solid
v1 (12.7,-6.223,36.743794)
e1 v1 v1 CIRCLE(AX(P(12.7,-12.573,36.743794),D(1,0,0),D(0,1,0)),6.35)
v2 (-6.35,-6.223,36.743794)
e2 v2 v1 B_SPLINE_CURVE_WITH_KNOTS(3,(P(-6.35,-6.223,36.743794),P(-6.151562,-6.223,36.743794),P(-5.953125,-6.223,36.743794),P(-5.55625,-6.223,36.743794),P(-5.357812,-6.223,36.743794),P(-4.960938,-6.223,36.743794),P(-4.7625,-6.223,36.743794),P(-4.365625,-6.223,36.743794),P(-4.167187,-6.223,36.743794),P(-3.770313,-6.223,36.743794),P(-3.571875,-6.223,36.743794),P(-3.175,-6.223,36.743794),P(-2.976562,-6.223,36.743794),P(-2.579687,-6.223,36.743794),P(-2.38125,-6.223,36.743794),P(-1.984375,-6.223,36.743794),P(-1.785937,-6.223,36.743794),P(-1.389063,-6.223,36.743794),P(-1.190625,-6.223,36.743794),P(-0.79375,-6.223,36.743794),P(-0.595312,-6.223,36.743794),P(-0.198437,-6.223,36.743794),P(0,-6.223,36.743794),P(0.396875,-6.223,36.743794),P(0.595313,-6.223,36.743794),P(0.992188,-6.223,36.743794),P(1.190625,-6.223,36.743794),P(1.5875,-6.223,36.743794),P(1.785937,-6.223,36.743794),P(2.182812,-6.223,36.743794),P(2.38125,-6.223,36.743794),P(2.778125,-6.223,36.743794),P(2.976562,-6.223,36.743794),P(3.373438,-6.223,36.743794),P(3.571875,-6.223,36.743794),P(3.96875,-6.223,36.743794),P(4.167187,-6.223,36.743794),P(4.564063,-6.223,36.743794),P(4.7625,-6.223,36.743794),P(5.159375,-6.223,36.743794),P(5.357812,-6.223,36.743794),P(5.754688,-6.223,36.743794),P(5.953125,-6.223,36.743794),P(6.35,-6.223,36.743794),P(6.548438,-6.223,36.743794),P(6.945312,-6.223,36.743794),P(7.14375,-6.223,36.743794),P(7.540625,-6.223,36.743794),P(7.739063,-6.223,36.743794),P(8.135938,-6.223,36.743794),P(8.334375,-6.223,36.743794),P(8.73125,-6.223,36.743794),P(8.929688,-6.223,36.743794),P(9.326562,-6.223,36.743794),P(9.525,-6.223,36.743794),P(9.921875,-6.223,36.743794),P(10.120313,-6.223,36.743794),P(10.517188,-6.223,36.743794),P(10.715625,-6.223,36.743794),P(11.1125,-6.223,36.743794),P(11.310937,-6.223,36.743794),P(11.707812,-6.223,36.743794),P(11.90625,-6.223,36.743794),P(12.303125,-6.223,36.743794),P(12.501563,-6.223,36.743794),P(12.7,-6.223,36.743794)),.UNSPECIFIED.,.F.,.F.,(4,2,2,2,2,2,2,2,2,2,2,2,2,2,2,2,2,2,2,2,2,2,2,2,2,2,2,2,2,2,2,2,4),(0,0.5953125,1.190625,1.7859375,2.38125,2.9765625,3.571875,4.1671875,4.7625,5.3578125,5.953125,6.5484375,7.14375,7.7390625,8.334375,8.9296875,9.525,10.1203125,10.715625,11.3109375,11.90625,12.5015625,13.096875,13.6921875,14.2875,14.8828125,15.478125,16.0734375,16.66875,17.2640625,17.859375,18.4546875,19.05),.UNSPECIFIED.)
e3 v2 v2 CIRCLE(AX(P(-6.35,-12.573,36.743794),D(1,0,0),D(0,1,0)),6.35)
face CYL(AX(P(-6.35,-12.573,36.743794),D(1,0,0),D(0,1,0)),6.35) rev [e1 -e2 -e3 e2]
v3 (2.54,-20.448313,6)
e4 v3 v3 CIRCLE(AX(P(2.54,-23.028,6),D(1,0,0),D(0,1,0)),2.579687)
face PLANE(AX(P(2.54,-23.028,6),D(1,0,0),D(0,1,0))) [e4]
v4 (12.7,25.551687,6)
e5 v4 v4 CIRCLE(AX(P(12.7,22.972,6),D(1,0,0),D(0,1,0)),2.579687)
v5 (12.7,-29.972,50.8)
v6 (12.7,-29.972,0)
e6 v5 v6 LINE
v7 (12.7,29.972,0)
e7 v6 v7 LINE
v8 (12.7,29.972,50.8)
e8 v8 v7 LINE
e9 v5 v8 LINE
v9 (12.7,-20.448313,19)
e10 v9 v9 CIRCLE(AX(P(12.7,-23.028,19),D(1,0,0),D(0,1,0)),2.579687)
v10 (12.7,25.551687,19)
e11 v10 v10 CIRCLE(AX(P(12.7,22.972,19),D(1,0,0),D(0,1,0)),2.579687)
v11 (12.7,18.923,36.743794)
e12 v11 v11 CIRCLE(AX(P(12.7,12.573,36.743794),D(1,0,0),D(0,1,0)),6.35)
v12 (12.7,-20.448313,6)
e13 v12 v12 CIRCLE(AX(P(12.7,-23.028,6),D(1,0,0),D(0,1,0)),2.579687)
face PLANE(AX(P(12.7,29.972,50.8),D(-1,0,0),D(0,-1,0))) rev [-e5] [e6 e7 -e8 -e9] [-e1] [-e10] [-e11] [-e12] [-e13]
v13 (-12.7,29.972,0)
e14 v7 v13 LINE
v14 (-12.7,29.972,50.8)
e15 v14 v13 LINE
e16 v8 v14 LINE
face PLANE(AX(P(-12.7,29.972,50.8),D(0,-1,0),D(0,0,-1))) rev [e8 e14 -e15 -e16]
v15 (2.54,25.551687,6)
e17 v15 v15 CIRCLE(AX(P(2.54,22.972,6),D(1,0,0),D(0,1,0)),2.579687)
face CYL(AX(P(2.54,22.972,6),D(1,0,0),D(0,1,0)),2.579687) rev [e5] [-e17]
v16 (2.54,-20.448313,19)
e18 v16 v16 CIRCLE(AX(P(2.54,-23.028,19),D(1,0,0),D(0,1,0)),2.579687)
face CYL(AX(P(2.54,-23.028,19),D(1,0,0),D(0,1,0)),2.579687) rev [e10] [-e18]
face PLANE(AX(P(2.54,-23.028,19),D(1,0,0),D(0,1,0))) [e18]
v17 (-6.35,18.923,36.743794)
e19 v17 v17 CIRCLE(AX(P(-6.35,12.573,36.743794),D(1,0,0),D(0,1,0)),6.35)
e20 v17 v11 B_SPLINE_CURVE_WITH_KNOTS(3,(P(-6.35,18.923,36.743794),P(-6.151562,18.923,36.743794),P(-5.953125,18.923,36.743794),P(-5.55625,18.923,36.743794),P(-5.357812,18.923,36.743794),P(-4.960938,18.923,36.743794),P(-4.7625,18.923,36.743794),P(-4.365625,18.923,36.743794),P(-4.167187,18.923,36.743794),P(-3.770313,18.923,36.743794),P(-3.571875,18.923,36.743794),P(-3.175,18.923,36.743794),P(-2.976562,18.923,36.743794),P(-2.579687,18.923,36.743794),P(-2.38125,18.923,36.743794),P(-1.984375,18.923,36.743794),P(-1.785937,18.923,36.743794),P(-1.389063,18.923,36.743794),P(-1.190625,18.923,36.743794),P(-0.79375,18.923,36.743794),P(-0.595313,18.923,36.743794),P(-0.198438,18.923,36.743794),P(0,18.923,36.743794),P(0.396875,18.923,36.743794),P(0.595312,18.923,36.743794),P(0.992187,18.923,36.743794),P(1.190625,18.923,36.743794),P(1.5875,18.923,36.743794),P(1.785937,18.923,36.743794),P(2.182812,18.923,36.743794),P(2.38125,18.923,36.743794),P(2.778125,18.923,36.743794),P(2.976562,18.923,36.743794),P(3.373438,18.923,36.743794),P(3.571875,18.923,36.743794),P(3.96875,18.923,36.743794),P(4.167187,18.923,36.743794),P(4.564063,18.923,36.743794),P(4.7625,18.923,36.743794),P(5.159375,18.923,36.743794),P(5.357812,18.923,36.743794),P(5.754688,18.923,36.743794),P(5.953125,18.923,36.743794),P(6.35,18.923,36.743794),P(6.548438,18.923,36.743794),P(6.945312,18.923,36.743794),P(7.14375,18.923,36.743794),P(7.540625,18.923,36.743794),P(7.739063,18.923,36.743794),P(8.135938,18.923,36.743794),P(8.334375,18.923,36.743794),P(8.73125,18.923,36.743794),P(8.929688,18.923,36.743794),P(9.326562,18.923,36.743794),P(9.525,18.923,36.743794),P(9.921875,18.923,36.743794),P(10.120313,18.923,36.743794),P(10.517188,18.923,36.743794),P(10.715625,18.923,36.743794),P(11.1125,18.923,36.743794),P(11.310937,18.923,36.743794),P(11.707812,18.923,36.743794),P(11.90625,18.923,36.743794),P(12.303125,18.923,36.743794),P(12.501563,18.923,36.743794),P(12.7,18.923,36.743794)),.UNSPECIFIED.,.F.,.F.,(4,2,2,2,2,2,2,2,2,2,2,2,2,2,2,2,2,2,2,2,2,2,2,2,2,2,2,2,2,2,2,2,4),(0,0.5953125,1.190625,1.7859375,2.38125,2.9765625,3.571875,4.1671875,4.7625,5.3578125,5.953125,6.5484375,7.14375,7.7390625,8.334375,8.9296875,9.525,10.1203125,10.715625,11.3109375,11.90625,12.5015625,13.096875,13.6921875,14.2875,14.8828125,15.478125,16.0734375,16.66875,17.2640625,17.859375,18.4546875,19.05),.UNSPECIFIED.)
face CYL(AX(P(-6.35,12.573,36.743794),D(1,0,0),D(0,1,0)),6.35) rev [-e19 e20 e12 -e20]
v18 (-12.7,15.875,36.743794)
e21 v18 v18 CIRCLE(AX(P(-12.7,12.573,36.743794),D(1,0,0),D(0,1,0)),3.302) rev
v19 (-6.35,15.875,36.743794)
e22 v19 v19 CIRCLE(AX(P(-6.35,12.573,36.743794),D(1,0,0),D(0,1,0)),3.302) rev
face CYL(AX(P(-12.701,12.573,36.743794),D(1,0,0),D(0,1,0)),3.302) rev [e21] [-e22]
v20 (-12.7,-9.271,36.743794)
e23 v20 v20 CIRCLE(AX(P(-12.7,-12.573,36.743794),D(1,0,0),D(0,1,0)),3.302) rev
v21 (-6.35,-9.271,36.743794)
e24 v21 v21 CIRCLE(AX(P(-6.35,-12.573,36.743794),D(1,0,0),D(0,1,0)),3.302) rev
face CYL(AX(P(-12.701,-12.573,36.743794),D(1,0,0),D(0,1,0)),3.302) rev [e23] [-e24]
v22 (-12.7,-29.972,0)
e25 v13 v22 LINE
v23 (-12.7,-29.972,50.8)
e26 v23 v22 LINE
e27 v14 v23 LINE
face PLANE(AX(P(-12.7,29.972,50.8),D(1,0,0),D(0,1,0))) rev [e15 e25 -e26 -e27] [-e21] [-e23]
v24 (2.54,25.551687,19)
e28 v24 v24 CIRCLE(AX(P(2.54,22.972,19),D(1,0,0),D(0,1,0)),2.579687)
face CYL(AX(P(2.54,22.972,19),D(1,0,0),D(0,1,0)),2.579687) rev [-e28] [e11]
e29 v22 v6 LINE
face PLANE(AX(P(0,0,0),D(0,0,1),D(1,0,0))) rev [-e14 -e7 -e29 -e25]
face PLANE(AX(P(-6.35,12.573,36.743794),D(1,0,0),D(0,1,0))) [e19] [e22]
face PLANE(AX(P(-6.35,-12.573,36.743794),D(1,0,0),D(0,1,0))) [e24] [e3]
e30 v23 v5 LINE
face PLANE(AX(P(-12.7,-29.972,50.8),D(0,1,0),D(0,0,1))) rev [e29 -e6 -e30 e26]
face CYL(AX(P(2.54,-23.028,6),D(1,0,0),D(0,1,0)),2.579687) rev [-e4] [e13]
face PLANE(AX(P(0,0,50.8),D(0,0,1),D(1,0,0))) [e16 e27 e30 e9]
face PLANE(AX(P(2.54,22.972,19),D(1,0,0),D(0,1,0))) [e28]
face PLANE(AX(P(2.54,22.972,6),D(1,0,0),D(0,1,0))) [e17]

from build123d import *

# Parameters (mm, degrees)
SKETCH1_W           = 25.4
SKETCH1_H           = 59.944
BOSS_EXTRUDE1_DEPTH = 50.8
SKETCH2_OUTSIDE_W   = 69.316
SKETCH2_OUTSIDE_H   = 78.46
SKETCH2_OUTSIDE_W_2 = 50.8
SKETCH2_OUTSIDE_H_2 = 59.944
SKETCH2_OUTSIDE_R   = 2.5796875
CUT_EXTRUDE1_DEPTH  = 10.16
CUT_EXTRUDE2_REACH  = 66.219
SKETCH3_R           = 3.302
SKETCH4_R           = 6.35
CUT_EXTRUDE3_DEPTH  = 19.05


with BuildPart() as part:
    # Sketch1 → Boss-Extrude1 (new body)
    with BuildSketch(Plane.XY):
        Rectangle(SKETCH1_W, SKETCH1_H)
    extrude(amount=BOSS_EXTRUDE1_DEPTH)

    # Sketch2 outside → Cut-Extrude1 (cut)
    # profile 1 of 5: a face of its own
    with BuildSketch(Plane(origin=(12.7, 0, 0), x_dir=(0, 0, -1), z_dir=(1, 0, 0))):
        with Locations((-25.4, 0)):
            Rectangle(SKETCH2_OUTSIDE_W, SKETCH2_OUTSIDE_H)
        with Locations((-25.4, 0)):
            Rectangle(SKETCH2_OUTSIDE_W_2, SKETCH2_OUTSIDE_H_2, mode=Mode.SUBTRACT)
    # profile 2 of 5: a face of its own
    with BuildSketch(Plane(origin=(12.7, 0, 0), x_dir=(0, 0, -1), z_dir=(1, 0, 0))):
        with Locations(Location((-19, 22.972, 0), (0, 0, 90))):
            Circle(SKETCH2_OUTSIDE_R)
    # profile 3 of 5: a face of its own
    with BuildSketch(Plane(origin=(12.7, 0, 0), x_dir=(0, 0, -1), z_dir=(1, 0, 0))):
        with Locations(Location((-6, 22.972, 0), (0, 0, 90))):
            Circle(SKETCH2_OUTSIDE_R)
    # profile 4 of 5: a face of its own
    with BuildSketch(Plane(origin=(12.7, 0, 0), x_dir=(0, 0, -1), z_dir=(1, 0, 0))):
        with Locations(Location((-19, -23.028, 0), (0, 0, 90))):
            Circle(SKETCH2_OUTSIDE_R)
    # profile 5 of 5: a face of its own
    with BuildSketch(Plane(origin=(12.7, 0, 0), x_dir=(0, 0, -1), z_dir=(1, 0, 0))):
        with Locations(Location((-6, -23.028, 0), (0, 0, 90))):
            Circle(SKETCH2_OUTSIDE_R)
    extrude(amount=-CUT_EXTRUDE1_DEPTH, mode=Mode.SUBTRACT)

    # Sketch3 → Cut-Extrude2 (cut, up to next)
    with BuildSketch(Plane(origin=(12.7, 0, 0), x_dir=(0, 0, -1), z_dir=(1, 0, 0)), mode=Mode.PRIVATE) as cut_extrude2_sk1:
        with Locations(Location((-36.743794207, 12.573, 0), (0, 0, 90))):
            Circle(SKETCH3_R)
    cut_extrude2_tool1 = extrude(cut_extrude2_sk1.sketch, amount=-CUT_EXTRUDE2_REACH, mode=Mode.PRIVATE) & part.part
    # Sketch3 → Cut-Extrude2 (cut, up to next)
    with BuildSketch(Plane(origin=(12.7, 0, 0), x_dir=(0, 0, -1), z_dir=(1, 0, 0)), mode=Mode.PRIVATE) as cut_extrude2_sk2:
        with Locations(Location((-36.743794207, -12.573, 0), (0, 0, 90))):
            Circle(SKETCH3_R)
    cut_extrude2_tool2 = extrude(cut_extrude2_sk2.sketch, amount=-CUT_EXTRUDE2_REACH, mode=Mode.PRIVATE) & part.part
    add(cut_extrude2_tool1.solids().sort_by_distance((12.7, 12.573, 36.743794))[0], mode=Mode.SUBTRACT)
    add(cut_extrude2_tool2.solids().sort_by_distance((12.7, -12.573, 36.743794))[0], mode=Mode.SUBTRACT)

    # Sketch4 → Cut-Extrude3 (cut)
    with BuildSketch(Plane(origin=(12.7, 0, 0), x_dir=(0, 0, -1), z_dir=(1, 0, 0))):
        with Locations(Location((-36.743794207, 12.573, 0), (0, 0, 90))):
            Circle(SKETCH4_R)
        with Locations(Location((-36.743794207, -12.573, 0), (0, 0, 90))):
            Circle(SKETCH4_R)
    extrude(amount=-CUT_EXTRUDE3_DEPTH, mode=Mode.SUBTRACT)


solid = part.part
